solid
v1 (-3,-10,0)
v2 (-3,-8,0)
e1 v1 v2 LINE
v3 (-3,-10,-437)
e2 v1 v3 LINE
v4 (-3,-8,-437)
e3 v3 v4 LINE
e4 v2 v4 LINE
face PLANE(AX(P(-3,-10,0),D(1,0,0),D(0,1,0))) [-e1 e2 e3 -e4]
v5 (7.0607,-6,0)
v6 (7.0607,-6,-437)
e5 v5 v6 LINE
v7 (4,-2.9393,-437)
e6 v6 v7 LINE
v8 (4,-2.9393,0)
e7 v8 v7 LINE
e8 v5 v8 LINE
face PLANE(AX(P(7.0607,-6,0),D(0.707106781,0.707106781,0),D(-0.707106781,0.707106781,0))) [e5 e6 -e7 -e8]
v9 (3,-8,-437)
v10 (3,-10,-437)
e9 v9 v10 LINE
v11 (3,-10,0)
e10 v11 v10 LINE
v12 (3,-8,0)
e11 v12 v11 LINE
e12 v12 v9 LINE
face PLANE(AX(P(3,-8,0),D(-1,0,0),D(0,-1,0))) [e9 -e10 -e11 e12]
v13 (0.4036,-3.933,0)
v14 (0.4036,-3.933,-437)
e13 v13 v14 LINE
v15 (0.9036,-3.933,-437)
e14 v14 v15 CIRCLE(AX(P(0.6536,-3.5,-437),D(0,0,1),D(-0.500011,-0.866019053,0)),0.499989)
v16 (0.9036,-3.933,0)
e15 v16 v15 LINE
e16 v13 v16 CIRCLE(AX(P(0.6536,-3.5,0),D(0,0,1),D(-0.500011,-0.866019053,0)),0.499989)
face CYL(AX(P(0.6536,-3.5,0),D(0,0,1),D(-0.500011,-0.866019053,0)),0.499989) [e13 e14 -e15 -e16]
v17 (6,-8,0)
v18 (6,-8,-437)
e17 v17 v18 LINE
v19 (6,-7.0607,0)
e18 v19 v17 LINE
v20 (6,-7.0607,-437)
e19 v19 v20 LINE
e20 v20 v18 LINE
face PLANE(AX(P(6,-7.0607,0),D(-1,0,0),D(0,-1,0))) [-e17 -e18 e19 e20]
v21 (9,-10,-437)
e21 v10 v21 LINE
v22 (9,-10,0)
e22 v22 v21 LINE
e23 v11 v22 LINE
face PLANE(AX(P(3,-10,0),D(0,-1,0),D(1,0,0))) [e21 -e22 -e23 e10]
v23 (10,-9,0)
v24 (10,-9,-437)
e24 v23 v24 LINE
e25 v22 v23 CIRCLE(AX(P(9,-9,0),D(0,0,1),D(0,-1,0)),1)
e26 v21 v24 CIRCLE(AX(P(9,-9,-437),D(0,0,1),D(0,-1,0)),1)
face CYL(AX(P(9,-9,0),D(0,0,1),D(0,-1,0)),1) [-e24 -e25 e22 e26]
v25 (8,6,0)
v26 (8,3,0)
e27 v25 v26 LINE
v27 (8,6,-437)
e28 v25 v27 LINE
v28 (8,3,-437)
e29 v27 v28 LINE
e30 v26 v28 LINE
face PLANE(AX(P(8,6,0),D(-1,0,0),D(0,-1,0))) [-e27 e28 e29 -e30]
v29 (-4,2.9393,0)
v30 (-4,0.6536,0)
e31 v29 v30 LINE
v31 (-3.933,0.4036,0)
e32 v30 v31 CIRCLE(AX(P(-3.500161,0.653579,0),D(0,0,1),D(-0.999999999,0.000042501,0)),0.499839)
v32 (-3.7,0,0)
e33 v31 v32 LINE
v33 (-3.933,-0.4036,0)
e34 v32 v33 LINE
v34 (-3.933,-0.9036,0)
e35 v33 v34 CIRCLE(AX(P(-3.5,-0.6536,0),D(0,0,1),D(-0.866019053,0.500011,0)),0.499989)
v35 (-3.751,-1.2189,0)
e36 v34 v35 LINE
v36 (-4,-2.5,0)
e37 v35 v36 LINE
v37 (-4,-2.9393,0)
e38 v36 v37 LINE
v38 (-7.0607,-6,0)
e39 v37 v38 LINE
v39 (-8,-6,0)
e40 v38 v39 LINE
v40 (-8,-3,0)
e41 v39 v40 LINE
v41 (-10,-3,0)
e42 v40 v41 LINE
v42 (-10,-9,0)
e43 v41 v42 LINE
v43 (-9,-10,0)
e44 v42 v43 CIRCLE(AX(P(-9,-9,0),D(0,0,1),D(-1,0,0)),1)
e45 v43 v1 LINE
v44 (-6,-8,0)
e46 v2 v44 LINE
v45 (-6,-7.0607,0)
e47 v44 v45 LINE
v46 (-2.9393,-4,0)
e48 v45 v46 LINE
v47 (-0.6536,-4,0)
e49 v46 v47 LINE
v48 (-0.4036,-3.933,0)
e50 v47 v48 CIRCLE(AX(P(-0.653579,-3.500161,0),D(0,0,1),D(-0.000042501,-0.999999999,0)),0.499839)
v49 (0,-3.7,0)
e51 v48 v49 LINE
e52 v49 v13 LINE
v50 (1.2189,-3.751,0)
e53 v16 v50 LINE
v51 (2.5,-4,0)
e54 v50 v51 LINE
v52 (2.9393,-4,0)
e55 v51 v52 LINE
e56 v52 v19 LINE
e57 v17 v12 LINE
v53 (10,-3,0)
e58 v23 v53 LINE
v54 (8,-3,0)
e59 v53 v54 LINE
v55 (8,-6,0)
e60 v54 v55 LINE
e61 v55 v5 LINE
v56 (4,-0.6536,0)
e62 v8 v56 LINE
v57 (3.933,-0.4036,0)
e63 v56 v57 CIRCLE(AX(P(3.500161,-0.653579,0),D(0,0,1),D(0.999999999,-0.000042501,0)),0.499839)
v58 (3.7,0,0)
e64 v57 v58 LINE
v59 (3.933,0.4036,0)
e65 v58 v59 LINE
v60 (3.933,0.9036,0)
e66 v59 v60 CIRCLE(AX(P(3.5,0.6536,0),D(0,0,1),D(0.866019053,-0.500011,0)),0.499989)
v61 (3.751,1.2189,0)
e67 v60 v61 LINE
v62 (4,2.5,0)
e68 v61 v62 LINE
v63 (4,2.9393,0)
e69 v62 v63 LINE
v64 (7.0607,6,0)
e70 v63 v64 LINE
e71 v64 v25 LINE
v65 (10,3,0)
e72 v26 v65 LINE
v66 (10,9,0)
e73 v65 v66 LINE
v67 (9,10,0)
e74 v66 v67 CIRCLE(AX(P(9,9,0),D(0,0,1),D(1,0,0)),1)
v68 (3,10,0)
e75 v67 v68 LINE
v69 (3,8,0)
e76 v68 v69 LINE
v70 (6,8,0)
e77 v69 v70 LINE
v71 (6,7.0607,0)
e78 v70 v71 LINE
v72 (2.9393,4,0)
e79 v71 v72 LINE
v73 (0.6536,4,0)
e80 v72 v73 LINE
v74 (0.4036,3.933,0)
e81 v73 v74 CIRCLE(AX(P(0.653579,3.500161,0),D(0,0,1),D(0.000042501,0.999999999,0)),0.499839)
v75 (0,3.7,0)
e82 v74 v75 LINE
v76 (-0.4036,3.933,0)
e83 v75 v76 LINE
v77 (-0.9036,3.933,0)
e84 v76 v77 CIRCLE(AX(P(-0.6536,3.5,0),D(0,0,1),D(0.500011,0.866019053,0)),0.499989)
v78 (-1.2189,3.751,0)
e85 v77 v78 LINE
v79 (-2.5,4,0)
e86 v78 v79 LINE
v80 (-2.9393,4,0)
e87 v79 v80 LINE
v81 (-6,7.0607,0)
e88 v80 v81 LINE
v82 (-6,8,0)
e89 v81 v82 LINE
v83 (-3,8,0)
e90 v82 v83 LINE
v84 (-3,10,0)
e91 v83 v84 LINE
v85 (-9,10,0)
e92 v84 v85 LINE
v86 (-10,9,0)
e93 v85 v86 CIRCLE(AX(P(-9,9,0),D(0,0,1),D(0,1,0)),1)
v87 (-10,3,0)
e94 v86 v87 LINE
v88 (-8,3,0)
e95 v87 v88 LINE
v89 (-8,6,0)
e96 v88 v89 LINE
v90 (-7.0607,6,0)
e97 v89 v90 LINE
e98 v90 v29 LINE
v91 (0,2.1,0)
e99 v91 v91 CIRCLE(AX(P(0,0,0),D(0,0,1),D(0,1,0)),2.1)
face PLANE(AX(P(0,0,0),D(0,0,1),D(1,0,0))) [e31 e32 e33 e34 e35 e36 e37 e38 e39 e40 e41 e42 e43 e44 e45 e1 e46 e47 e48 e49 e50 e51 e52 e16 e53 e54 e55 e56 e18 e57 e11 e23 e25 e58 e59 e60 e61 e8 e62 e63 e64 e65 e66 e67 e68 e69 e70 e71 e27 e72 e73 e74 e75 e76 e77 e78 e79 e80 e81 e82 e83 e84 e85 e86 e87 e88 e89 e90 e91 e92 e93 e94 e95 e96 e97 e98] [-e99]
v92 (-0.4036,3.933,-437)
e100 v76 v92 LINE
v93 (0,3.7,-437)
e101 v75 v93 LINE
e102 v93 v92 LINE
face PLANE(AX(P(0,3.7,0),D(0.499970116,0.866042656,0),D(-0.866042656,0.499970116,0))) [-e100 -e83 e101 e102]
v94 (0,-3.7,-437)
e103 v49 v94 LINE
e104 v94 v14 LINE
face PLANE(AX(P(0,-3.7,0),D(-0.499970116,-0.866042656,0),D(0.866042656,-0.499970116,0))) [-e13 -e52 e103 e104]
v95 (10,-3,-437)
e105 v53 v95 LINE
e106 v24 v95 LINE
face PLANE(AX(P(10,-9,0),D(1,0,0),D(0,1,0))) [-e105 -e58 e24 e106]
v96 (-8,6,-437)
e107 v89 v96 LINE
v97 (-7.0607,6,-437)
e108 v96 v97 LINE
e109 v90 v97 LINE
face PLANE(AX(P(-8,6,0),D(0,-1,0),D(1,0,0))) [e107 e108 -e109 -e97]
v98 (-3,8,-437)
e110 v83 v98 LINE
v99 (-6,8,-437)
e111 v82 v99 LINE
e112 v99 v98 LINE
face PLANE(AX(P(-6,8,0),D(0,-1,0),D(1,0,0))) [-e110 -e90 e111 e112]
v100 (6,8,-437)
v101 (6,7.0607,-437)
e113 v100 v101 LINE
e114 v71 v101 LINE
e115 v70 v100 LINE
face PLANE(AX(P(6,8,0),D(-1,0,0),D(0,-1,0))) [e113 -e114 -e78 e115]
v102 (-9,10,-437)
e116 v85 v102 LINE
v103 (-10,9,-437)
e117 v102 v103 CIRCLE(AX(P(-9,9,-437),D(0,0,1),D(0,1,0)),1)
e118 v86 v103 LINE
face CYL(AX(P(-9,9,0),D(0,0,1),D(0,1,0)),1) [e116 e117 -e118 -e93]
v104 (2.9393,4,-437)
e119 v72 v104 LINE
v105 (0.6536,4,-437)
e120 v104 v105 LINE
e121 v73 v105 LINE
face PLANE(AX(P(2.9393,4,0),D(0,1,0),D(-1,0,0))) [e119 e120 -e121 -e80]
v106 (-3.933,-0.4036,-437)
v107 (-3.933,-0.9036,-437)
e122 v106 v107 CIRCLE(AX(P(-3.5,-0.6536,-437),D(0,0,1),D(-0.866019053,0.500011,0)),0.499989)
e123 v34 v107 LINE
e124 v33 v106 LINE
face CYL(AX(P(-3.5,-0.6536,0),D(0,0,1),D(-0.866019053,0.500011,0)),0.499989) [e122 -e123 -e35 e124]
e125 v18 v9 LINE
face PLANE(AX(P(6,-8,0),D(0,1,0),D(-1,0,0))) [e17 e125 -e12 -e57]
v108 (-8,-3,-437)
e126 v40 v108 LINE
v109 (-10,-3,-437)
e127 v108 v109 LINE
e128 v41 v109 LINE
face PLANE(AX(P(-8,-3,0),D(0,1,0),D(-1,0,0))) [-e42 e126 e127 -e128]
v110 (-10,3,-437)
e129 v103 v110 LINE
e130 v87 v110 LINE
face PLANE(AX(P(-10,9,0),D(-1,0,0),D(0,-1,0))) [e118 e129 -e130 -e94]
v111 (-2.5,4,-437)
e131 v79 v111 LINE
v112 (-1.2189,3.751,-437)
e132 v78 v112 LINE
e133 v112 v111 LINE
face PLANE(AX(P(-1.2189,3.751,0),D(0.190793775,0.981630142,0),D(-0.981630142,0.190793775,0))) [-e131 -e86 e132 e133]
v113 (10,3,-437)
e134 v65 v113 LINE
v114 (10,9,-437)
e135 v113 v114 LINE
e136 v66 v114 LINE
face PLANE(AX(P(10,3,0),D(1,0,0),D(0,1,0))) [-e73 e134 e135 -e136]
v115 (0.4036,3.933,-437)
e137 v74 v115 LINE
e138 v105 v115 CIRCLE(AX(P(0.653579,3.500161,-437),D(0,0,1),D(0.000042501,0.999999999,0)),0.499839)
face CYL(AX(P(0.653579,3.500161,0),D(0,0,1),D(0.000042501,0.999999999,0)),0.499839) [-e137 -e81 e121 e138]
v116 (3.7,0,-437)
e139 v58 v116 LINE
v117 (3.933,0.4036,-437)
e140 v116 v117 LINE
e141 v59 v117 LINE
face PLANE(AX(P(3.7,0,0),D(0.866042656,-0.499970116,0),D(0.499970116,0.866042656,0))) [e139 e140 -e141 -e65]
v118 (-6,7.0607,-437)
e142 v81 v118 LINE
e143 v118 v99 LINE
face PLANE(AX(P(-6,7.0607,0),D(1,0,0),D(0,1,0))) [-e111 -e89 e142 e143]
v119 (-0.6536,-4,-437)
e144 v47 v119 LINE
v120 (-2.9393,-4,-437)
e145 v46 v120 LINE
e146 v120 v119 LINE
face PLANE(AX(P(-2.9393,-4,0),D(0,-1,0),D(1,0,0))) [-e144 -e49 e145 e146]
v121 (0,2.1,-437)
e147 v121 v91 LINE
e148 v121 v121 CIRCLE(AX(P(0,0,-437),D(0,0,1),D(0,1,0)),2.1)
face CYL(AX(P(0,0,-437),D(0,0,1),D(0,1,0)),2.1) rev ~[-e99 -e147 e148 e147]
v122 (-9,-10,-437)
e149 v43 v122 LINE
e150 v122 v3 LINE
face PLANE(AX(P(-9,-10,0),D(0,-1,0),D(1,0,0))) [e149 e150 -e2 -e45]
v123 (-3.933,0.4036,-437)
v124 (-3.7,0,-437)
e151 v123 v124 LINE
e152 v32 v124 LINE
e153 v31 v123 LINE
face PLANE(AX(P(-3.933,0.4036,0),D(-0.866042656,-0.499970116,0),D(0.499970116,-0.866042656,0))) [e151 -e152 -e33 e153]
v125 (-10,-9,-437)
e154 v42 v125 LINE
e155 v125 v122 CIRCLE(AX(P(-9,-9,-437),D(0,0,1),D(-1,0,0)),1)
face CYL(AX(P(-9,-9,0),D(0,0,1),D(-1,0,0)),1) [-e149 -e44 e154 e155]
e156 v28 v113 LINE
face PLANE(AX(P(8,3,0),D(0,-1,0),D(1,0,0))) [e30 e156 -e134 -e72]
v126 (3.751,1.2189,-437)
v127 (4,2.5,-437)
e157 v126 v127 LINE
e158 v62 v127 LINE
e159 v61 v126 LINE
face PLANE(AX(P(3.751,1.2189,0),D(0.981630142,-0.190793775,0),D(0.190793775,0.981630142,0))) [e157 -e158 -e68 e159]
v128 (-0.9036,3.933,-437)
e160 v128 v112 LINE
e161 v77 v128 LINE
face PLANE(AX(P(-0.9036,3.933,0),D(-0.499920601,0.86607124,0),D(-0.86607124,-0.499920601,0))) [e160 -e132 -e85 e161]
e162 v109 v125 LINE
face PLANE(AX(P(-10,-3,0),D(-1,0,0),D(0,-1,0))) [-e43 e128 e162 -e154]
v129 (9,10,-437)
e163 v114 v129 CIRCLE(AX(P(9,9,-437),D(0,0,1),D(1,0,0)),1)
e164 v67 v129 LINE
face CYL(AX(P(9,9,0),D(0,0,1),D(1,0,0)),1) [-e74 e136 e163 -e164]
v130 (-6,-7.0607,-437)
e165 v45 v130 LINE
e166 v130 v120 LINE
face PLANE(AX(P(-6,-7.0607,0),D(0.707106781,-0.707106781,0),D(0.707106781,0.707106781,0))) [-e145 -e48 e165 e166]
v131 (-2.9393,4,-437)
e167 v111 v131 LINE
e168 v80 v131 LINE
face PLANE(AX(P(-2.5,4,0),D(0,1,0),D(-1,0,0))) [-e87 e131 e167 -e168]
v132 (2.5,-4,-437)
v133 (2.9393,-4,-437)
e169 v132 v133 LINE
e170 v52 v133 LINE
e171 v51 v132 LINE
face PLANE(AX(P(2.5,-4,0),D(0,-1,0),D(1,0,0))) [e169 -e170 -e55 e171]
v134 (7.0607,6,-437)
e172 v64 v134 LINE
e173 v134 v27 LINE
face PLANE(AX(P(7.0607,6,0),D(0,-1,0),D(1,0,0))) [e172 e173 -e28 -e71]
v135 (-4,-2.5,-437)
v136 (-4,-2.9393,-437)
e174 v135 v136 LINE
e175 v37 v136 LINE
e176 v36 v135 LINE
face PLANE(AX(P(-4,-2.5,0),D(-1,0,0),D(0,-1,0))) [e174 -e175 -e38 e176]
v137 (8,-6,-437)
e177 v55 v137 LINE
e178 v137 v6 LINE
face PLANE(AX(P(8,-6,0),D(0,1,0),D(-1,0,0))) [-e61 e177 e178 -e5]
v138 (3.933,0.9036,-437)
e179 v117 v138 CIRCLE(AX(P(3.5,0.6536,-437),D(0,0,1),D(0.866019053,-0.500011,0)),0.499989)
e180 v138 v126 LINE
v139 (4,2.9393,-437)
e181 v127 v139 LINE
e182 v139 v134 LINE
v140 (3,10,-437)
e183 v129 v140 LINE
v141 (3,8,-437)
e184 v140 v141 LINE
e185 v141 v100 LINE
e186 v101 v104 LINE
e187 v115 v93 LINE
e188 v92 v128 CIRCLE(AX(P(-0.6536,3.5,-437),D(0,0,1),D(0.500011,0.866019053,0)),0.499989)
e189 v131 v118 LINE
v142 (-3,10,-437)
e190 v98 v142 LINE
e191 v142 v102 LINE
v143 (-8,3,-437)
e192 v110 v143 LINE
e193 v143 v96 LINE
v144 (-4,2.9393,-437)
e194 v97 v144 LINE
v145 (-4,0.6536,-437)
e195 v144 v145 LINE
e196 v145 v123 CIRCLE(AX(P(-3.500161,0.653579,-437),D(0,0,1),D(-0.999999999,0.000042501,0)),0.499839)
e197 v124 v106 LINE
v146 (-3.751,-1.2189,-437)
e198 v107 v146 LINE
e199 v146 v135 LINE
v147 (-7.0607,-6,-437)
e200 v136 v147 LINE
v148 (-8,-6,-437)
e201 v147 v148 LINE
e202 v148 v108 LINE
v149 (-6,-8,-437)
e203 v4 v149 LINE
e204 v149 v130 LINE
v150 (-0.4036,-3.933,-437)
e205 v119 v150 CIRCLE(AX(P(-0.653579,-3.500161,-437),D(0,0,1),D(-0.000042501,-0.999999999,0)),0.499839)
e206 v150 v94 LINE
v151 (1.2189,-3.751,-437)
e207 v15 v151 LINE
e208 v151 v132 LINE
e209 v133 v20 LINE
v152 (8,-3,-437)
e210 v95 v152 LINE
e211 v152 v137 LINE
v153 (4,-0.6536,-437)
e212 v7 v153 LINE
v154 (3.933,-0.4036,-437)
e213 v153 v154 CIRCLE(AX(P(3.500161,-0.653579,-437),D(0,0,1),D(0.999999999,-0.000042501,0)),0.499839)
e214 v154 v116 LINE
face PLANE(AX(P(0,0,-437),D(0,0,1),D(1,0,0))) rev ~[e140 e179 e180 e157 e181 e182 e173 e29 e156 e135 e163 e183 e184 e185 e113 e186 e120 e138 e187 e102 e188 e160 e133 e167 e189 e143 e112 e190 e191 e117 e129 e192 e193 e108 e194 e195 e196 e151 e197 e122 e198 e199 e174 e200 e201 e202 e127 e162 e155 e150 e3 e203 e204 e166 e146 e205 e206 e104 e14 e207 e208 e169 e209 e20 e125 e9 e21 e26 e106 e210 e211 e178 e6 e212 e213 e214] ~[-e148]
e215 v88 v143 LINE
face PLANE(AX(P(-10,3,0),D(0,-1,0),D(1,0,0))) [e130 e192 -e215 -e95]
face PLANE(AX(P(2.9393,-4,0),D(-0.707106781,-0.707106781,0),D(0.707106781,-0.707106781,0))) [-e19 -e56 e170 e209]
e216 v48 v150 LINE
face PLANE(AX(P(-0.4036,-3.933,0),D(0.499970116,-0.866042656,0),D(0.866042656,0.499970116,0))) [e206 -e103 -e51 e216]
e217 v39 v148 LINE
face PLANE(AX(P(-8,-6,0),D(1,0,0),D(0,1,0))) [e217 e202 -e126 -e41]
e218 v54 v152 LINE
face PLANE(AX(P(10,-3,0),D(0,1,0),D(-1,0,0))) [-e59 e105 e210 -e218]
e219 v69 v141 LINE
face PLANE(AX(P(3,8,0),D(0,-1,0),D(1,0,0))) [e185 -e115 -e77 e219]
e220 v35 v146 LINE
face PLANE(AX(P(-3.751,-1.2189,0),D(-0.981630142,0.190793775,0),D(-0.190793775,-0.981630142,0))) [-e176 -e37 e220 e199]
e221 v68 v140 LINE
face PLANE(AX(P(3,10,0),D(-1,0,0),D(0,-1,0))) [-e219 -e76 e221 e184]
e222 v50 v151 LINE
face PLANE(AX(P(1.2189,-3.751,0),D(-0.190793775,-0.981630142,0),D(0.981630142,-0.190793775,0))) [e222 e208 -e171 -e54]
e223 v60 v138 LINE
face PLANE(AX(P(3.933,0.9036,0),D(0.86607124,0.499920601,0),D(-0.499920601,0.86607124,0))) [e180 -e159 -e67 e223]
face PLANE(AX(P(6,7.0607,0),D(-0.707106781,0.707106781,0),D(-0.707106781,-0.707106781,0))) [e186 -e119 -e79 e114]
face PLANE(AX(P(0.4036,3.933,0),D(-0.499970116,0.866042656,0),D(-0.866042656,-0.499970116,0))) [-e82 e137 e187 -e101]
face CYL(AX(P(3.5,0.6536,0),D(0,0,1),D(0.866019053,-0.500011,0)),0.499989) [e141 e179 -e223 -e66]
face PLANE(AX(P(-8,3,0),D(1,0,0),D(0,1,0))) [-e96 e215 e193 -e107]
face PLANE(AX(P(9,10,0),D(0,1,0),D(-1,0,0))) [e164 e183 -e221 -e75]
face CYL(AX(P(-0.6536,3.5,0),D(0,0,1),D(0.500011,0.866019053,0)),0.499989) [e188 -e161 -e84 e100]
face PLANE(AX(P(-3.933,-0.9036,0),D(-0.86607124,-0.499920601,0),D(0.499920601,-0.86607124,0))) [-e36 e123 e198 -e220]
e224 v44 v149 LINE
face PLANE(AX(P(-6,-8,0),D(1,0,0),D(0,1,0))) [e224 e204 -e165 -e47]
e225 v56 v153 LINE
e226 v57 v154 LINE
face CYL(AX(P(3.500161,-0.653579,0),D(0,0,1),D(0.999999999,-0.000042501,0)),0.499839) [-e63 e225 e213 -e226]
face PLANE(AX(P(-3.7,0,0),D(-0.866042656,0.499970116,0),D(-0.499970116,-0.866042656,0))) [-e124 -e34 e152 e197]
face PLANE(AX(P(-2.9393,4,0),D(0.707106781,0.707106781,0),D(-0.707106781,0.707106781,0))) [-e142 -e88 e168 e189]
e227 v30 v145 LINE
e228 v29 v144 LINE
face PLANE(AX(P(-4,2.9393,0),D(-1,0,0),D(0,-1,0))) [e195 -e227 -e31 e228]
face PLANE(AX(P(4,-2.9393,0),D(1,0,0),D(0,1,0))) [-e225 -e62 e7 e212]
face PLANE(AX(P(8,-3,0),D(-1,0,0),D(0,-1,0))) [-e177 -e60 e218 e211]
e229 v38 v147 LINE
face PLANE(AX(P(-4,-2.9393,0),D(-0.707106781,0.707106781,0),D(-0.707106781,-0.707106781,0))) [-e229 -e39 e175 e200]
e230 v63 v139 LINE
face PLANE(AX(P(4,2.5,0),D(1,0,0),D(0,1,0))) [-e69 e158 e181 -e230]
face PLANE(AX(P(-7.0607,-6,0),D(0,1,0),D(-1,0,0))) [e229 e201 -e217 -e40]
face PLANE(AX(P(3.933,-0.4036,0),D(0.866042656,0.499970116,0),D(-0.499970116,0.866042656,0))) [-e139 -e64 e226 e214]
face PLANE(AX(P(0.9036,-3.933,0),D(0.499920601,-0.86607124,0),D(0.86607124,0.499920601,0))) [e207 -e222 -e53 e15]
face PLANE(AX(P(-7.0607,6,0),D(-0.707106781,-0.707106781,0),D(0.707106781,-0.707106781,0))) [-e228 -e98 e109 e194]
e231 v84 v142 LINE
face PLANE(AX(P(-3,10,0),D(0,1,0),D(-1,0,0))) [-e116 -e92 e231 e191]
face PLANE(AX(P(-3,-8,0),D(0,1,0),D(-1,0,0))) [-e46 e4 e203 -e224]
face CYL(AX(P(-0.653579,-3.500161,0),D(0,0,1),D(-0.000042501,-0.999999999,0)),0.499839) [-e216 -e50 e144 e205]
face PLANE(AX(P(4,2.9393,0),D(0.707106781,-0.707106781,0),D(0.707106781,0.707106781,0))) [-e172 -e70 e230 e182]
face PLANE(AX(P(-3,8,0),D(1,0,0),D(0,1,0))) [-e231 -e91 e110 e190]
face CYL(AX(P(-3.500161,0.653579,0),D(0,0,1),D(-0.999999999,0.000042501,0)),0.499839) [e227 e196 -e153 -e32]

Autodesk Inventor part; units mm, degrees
sketch "Sketch_75" plane through (0, 0, 0) normal (0, 0, 1) x (1, 0, 0)
  line L0 (-10, -3) -> (-10, -9)
  arc A0 (-10, -9) -> (-9, -10) centre (-9, -9) ccw
  line L1 (-9, -10) -> (-3, -10)
  line L2 (-3, -10) -> (-3, -8)
  line L3 (-3, -8) -> (-6, -8)
  line L4 (-6, -8) -> (-6, -7.0607)
  line L5 (-6, -7.0607) -> (-2.9393, -4)
  line L6 (-2.9393, -4) -> (-0.6536, -4)
  arc A1 (-0.6536, -4) -> (-0.4036, -3.933) centre (-0.6536, -3.5) ccw
  line L7 (-0.4036, -3.933) -> (0, -3.7)
  line L8 (0, -3.7) -> (0.4036, -3.933)
  arc A2 (0.4036, -3.933) -> (0.9036, -3.933) centre (0.6536, -3.5) ccw
  line L9 (0.9036, -3.933) -> (1.2189, -3.751)
  line L10 (1.2189, -3.751) -> (2.5, -4)
  line L11 (2.5, -4) -> (2.9393, -4)
  line L12 (2.9393, -4) -> (6, -7.0607)
  line L13 (6, -7.0607) -> (6, -8)
  line L14 (6, -8) -> (3, -8)
  line L15 (3, -8) -> (3, -10)
  line L16 (3, -10) -> (9, -10)
  arc A3 (9, -10) -> (10, -9) centre (9, -9) ccw
  line L17 (10, -9) -> (10, -3)
  line L18 (10, -3) -> (8, -3)
  line L19 (8, -3) -> (8, -6)
  line L20 (8, -6) -> (7.0607, -6)
  line L21 (7.0607, -6) -> (4, -2.9393)
  line L22 (4, -2.9393) -> (4, -0.6536)
  arc A4 (4, -0.6536) -> (3.933, -0.4036) centre (3.5, -0.6536) ccw
  line L23 (3.933, -0.4036) -> (3.7, 0)
  line L24 (3.7, 0) -> (3.933, 0.4036)
  arc A5 (3.933, 0.4036) -> (3.933, 0.9036) centre (3.5, 0.6536) ccw
  line L25 (3.933, 0.9036) -> (3.751, 1.2189)
  line L26 (3.751, 1.2189) -> (4, 2.5)
  line L27 (4, 2.5) -> (4, 2.9393)
  line L28 (4, 2.9393) -> (7.0607, 6)
  line L29 (7.0607, 6) -> (8, 6)
  line L30 (8, 6) -> (8, 3)
  line L31 (8, 3) -> (10, 3)
  line L32 (10, 3) -> (10, 9)
  arc A6 (10, 9) -> (9, 10) centre (9, 9) ccw
  line L33 (9, 10) -> (3, 10)
  line L34 (3, 10) -> (3, 8)
  line L35 (3, 8) -> (6, 8)
  line L36 (6, 8) -> (6, 7.0607)
  line L37 (6, 7.0607) -> (2.9393, 4)
  line L38 (2.9393, 4) -> (0.6536, 4)
  arc A7 (0.6536, 4) -> (0.4036, 3.933) centre (0.6536, 3.5) ccw
  line L39 (0.4036, 3.933) -> (0, 3.7)
  line L40 (0, 3.7) -> (-0.4036, 3.933)
  arc A8 (-0.4036, 3.933) -> (-0.9036, 3.933) centre (-0.6536, 3.5) ccw
  line L41 (-0.9036, 3.933) -> (-1.2189, 3.751)
  line L42 (-1.2189, 3.751) -> (-2.5, 4)
  line L43 (-2.5, 4) -> (-2.9393, 4)
  line L44 (-2.9393, 4) -> (-6, 7.0607)
  line L45 (-6, 7.0607) -> (-6, 8)
  line L46 (-6, 8) -> (-3, 8)
  line L47 (-3, 8) -> (-3, 10)
  line L48 (-3, 10) -> (-9, 10)
  arc A9 (-9, 10) -> (-10, 9) centre (-9, 9) ccw
  line L49 (-10, 9) -> (-10, 3)
  line L50 (-10, 3) -> (-8, 3)
  line L51 (-8, 3) -> (-8, 6)
  line L52 (-8, 6) -> (-7.0607, 6)
  line L53 (-7.0607, 6) -> (-4, 2.9393)
  line L54 (-4, 2.9393) -> (-4, 0.6536)
  arc A10 (-4, 0.6536) -> (-3.933, 0.4036) centre (-3.5, 0.6536) ccw
  line L55 (-3.933, 0.4036) -> (-3.7, 0)
  line L56 (-3.7, 0) -> (-3.933, -0.4036)
  arc A11 (-3.933, -0.4036) -> (-3.933, -0.9036) centre (-3.5, -0.6536) ccw
  line L57 (-3.933, -0.9036) -> (-3.751, -1.2189)
  line L58 (-3.751, -1.2189) -> (-4, -2.5)
  line L59 (-4, -2.5) -> (-4, -2.9393)
  line L60 (-4, -2.9393) -> (-7.0607, -6)
  line L61 (-7.0607, -6) -> (-8, -6)
  line L62 (-8, -6) -> (-8, -3)
  line L63 (-8, -3) -> (-10, -3)
extrude "Extrusion1" add sketch "Sketch_75" against normal blind 437
sketch "Sketch2" plane through (0, 0, -437) normal (0, 0, -1) x (-1, 0, 0)
  point P0 (0, 0)
hole "Hole1" at (0, 0, -437) direction (0, 0, 1) diameter 4.2 depth 437
ref_plane "C1_XY" through (0, 0, 0) normal (0, 0, 1) x (1, 0, 0)
ref_plane "C1_YZ" through (0, 0, 0) normal (1, 0, 0) x (0, 1, 0)
ref_plane "C1_ZX" through (0, 0, 0) normal (0, 1, 0) x (0, 0, 1)
properties part number "NFS5-2020-437"
